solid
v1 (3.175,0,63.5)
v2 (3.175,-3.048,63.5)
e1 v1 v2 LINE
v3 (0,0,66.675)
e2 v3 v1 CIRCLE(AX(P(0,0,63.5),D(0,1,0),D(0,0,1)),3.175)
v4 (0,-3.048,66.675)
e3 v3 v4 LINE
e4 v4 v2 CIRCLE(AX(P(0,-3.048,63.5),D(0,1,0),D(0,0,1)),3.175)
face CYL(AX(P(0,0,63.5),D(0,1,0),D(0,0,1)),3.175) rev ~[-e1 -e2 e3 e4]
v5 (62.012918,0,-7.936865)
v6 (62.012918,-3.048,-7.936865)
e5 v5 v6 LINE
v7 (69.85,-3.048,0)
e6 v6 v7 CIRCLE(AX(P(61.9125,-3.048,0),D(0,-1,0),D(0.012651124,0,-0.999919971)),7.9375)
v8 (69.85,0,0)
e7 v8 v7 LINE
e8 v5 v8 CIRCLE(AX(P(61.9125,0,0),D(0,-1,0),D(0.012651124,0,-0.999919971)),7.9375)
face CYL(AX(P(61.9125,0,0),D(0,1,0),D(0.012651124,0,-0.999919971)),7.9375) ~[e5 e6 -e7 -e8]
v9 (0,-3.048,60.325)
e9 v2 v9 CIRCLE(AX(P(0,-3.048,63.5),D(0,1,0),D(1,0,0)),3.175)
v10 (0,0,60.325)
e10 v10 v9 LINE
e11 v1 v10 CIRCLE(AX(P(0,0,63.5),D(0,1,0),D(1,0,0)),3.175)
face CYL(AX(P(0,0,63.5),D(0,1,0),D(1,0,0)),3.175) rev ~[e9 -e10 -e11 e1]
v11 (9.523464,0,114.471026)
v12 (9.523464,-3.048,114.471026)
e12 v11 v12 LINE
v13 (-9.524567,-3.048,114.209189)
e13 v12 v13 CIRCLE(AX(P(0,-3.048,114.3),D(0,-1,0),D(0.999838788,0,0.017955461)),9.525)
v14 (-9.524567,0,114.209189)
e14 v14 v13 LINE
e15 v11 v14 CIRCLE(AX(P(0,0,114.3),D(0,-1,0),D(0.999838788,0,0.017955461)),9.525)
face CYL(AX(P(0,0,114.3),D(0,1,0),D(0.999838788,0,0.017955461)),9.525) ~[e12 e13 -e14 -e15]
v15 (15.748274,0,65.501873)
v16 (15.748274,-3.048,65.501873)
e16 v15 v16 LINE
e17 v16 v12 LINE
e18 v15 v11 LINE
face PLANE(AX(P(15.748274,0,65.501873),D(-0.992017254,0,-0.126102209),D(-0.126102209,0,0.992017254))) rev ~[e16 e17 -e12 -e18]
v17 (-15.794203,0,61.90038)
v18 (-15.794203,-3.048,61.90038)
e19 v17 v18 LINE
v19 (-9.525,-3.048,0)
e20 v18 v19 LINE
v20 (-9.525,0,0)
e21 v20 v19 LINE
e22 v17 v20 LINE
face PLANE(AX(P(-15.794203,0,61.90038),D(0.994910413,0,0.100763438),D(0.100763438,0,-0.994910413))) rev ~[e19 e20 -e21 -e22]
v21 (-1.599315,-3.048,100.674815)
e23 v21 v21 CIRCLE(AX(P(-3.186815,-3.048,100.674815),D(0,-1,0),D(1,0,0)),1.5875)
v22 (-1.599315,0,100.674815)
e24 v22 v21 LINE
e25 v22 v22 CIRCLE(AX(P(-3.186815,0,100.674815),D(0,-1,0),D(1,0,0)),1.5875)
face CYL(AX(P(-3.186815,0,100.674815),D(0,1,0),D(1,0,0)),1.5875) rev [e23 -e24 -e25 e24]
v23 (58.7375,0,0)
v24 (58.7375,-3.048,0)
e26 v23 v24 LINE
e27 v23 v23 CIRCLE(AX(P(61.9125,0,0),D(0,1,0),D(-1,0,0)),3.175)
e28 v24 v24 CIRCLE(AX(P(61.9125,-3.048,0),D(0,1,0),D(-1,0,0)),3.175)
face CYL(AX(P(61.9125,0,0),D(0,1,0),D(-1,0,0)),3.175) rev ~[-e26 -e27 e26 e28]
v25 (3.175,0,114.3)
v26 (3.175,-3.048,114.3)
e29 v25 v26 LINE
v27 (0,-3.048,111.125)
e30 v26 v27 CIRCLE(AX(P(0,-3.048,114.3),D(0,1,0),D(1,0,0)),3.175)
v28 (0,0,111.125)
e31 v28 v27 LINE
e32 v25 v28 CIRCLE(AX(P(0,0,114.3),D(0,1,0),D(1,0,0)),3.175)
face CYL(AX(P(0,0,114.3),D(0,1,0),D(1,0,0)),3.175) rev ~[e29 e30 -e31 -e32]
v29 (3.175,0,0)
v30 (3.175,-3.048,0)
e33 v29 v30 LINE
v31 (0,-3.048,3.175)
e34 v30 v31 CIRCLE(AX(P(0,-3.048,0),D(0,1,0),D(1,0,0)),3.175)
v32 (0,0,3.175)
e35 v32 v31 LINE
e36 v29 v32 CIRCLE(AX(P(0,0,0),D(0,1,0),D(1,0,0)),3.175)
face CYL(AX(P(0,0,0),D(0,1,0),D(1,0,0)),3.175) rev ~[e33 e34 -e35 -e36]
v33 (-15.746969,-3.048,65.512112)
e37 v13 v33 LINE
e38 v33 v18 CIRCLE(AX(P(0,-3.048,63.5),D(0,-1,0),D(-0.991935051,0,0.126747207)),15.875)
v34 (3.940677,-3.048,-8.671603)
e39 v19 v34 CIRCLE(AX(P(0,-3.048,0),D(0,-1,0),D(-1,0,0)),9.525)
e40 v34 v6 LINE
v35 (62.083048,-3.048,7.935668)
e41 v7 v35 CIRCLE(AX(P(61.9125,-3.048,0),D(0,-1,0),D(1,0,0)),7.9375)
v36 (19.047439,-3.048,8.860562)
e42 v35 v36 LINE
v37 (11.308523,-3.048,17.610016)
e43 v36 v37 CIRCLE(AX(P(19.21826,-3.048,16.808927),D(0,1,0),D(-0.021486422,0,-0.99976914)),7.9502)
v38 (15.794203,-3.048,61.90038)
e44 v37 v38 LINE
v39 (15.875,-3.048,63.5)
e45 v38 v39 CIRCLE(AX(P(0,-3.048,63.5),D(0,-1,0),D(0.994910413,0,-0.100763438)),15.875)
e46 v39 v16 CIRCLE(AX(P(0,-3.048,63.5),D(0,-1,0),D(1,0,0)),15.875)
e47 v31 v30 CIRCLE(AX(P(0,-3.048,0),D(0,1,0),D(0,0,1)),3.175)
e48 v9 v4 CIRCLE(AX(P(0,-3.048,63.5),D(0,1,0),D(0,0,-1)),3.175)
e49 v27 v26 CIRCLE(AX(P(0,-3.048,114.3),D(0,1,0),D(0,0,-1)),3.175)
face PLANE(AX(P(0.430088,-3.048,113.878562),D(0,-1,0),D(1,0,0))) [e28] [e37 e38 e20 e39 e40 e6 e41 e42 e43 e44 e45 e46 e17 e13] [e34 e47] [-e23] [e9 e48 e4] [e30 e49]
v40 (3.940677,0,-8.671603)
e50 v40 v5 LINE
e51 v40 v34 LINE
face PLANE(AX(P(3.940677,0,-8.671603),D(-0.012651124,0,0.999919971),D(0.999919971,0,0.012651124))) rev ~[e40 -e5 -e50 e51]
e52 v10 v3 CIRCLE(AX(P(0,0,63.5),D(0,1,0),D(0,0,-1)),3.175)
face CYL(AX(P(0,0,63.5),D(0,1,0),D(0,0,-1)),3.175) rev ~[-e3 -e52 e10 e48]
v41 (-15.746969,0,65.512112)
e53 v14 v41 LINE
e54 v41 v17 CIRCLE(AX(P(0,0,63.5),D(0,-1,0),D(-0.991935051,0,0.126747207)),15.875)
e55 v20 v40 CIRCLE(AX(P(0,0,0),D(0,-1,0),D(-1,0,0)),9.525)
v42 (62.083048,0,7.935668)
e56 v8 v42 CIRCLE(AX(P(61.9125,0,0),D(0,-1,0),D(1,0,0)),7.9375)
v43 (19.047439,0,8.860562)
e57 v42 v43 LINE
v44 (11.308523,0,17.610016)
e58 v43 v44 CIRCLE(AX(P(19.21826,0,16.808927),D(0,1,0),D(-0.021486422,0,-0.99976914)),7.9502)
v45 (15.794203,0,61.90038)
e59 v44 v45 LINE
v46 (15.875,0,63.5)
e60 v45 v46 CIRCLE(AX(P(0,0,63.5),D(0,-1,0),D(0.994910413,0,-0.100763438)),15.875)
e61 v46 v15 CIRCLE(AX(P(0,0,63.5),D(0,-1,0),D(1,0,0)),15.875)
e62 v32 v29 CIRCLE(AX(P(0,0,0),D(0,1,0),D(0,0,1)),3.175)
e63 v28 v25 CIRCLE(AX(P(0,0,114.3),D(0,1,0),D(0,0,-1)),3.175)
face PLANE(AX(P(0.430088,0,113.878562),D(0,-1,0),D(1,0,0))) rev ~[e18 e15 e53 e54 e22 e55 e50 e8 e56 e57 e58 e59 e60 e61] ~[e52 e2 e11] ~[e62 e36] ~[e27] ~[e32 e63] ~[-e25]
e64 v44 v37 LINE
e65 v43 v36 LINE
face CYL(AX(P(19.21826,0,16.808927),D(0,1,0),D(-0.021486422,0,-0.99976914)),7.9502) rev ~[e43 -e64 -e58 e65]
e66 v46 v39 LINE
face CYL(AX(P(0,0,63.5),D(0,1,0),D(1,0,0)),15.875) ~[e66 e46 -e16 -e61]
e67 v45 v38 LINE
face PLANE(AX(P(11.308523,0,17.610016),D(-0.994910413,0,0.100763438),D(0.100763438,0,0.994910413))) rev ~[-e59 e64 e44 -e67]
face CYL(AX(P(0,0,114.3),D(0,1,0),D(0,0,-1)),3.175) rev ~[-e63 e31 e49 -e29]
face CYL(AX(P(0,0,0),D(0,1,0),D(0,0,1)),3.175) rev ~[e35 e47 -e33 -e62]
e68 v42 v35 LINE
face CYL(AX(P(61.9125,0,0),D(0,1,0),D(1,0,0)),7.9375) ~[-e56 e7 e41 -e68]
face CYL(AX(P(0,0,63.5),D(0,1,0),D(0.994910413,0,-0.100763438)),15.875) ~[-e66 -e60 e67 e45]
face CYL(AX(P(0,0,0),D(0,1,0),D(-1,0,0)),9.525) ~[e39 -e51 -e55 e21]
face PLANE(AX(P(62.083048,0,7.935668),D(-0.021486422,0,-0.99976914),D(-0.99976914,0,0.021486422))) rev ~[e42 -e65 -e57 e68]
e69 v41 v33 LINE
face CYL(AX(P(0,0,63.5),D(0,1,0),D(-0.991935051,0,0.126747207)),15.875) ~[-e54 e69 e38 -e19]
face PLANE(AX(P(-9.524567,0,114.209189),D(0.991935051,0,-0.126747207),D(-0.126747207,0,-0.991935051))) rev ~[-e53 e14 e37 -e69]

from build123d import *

# Parameters (mm, degrees)
F0_R     = 1.5875
F1_DEPTH = 3.048


with BuildPart() as f1:
    # F0 (on Front) → F1 (new body)
    with BuildSketch(Plane.XZ):
        with BuildLine():
            ThreePointArc((-9.5245670944, 114.2091888567), (-6.7030086103, 107.5327774848), (0, 104.775))
            ThreePointArc((0, 104.775), (6.7351920908, 107.5648079092), (9.525, 114.3))
            ThreePointArc((9.525, 114.3), (9.5246161055, 114.3855163278), (9.5234644531, 114.4710257623))
            ThreePointArc((9.5234644531, 114.4710257623), (-0.1309196137, 123.8241002228), (-9.5245670944, 114.2091888567))
        make_face()
        with BuildLine():
            ThreePointArc((3.175, 114.3), (2.2450640303, 112.0549359697), (0, 111.125))
            ThreePointArc((0, 111.125), (-2.2450640303, 116.5450640303), (3.175, 114.3))
        make_face(mode=Mode.SUBTRACT)
        with BuildLine():
            ThreePointArc((9.525, 114.3), (6.7351920908, 107.5648079092), (0, 104.775))
            Line((0, 104.775), (0, 79.375))
            ThreePointArc((0, 79.375), (10.493709973, 75.4120810945), (15.7482739125, 65.5018725672))
            Line((15.7482739125, 65.5018725672), (9.5234644531, 114.4710257623))
            ThreePointArc((9.5234644531, 114.4710257623), (9.5246161055, 114.3855163278), (9.525, 114.3))
        make_face()
        with BuildLine():
            Line((0, 79.375), (0, 104.775))
            ThreePointArc((0, 104.775), (-6.7030086103, 107.5327774848), (-9.5245670944, 114.2091888567))
            Line((-9.5245670944, 114.2091888567), (-15.7469689357, 65.5121119099))
            ThreePointArc((-15.7469689357, 65.5121119099), (-10.4898367106, 75.4154920496), (0, 79.375))
        make_face()
        with Locations((-3.1868154183, 100.6748154759)):
            Circle(F0_R, mode=Mode.SUBTRACT)
        with BuildLine():
            ThreePointArc((15.7482739125, 65.5018725672), (10.493709973, 75.4120810945), (0, 79.375))
            Line((0, 79.375), (0, 66.675))
            ThreePointArc((0, 66.675), (2.2450640303, 65.7450640303), (3.175, 63.5))
            ThreePointArc((3.175, 63.5), (2.2450640303, 61.2549359697), (0, 60.325))
            Line((0, 60.325), (0, 47.625))
            ThreePointArc((0, 47.625), (10.644756084, 51.722700101), (15.7942028036, 61.9003804205))
            ThreePointArc((15.7942028036, 61.9003804205), (15.8547878338, 62.6991705884), (15.875, 63.5))
            ThreePointArc((15.875, 63.5), (15.8432868017, 64.5029398383), (15.7482739125, 65.5018725672))
        make_face()
        with BuildLine():
            Line((0, 66.675), (0, 79.375))
            ThreePointArc((0, 79.375), (-10.4898367106, 75.4154920496), (-15.7469689357, 65.5121119099))
            ThreePointArc((-15.7469689357, 65.5121119099), (-15.8736426116, 63.7075939311), (-15.7942028036, 61.9003804205))
            ThreePointArc((-15.7942028036, 61.9003804205), (-10.644756084, 51.722700101), (0, 47.625))
            Line((0, 47.625), (0, 60.325))
            ThreePointArc((0, 60.325), (-3.175, 63.5), (0, 66.675))
        make_face()
        with BuildLine():
            ThreePointArc((0, 47.625), (-10.644756084, 51.722700101), (-15.7942028036, 61.9003804205))
            Line((-15.7942028036, 61.9003804205), (-9.525, 0))
            ThreePointArc((-9.525, 0), (-6.7351920908, 6.7351920908), (0, 9.525))
            Line((0, 9.525), (0, 47.625))
        make_face()
        with BuildLine():
            ThreePointArc((15.7942028036, 61.9003804205), (10.644756084, 51.722700101), (0, 47.625))
            Line((0, 47.625), (0, 9.525))
            ThreePointArc((0, 9.525), (6.7351920908, 6.7351920908), (9.525, 0))
            Line((9.525, 0), (53.975, 0))
            ThreePointArc((53.975, 0), (56.360465341, 5.6726376048), (62.0830484776, 7.9356675502))
            Line((62.0830484776, 7.9356675502), (19.0474386093, 8.860562362))
            ThreePointArc((19.0474386093, 8.860562362), (13.2632543677, 11.5417087028), (11.3085232005, 17.6100164656))
            Line((11.3085232005, 17.6100164656), (15.7942028036, 61.9003804205))
        make_face()
        with BuildLine():
            ThreePointArc((0, 9.525), (-6.7351920908, 6.7351920908), (-9.525, 0))
            ThreePointArc((-9.525, 0), (-5.1570670221, -8.0081386557), (3.9406765836, -8.6716026813))
            ThreePointArc((3.9406765836, -8.6716026813), (8.0081386557, -5.1570670221), (9.525, 0))
            Line((9.525, 0), (3.175, 0))
            ThreePointArc((3.175, 0), (-2.2450640303, -2.2450640303), (0, 3.175))
            Line((0, 3.175), (0, 9.525))
        make_face()
        with BuildLine():
            ThreePointArc((9.525, 0), (8.0081386557, -5.1570670221), (3.9406765836, -8.6716026813))
            Line((3.9406765836, -8.6716026813), (62.0129182937, -7.9368647725))
            ThreePointArc((62.0129182937, -7.9368647725), (56.3354561574, -5.6480517197), (53.975, 0))
            Line((53.975, 0), (9.525, 0))
        make_face()
        with BuildLine():
            ThreePointArc((53.975, 0), (56.3354561574, -5.6480517197), (62.0129182937, -7.9368647725))
            ThreePointArc((62.0129182937, -7.9368647725), (67.5605517197, -5.5770438426), (69.85, 0))
            ThreePointArc((69.85, 0), (67.5851376048, 5.552034659), (62.0830484776, 7.9356675502))
            ThreePointArc((62.0830484776, 7.9356675502), (56.360465341, 5.6726376048), (53.975, 0))
        make_face()
        with BuildLine():
            ThreePointArc((65.0875, 0), (61.9125, -3.175), (58.7375, 0))
            ThreePointArc((58.7375, 0), (61.9125, 3.175), (65.0875, 0))
        make_face(mode=Mode.SUBTRACT)
        with BuildLine():
            ThreePointArc((9.525, 0), (6.7351920908, 6.7351920908), (0, 9.525))
            Line((0, 9.525), (0, 3.175))
            ThreePointArc((0, 3.175), (2.2450640303, 2.2450640303), (3.175, 0))
            Line((3.175, 0), (9.525, 0))
        make_face()
    extrude(amount=F1_DEPTH)


solid = f1.part
